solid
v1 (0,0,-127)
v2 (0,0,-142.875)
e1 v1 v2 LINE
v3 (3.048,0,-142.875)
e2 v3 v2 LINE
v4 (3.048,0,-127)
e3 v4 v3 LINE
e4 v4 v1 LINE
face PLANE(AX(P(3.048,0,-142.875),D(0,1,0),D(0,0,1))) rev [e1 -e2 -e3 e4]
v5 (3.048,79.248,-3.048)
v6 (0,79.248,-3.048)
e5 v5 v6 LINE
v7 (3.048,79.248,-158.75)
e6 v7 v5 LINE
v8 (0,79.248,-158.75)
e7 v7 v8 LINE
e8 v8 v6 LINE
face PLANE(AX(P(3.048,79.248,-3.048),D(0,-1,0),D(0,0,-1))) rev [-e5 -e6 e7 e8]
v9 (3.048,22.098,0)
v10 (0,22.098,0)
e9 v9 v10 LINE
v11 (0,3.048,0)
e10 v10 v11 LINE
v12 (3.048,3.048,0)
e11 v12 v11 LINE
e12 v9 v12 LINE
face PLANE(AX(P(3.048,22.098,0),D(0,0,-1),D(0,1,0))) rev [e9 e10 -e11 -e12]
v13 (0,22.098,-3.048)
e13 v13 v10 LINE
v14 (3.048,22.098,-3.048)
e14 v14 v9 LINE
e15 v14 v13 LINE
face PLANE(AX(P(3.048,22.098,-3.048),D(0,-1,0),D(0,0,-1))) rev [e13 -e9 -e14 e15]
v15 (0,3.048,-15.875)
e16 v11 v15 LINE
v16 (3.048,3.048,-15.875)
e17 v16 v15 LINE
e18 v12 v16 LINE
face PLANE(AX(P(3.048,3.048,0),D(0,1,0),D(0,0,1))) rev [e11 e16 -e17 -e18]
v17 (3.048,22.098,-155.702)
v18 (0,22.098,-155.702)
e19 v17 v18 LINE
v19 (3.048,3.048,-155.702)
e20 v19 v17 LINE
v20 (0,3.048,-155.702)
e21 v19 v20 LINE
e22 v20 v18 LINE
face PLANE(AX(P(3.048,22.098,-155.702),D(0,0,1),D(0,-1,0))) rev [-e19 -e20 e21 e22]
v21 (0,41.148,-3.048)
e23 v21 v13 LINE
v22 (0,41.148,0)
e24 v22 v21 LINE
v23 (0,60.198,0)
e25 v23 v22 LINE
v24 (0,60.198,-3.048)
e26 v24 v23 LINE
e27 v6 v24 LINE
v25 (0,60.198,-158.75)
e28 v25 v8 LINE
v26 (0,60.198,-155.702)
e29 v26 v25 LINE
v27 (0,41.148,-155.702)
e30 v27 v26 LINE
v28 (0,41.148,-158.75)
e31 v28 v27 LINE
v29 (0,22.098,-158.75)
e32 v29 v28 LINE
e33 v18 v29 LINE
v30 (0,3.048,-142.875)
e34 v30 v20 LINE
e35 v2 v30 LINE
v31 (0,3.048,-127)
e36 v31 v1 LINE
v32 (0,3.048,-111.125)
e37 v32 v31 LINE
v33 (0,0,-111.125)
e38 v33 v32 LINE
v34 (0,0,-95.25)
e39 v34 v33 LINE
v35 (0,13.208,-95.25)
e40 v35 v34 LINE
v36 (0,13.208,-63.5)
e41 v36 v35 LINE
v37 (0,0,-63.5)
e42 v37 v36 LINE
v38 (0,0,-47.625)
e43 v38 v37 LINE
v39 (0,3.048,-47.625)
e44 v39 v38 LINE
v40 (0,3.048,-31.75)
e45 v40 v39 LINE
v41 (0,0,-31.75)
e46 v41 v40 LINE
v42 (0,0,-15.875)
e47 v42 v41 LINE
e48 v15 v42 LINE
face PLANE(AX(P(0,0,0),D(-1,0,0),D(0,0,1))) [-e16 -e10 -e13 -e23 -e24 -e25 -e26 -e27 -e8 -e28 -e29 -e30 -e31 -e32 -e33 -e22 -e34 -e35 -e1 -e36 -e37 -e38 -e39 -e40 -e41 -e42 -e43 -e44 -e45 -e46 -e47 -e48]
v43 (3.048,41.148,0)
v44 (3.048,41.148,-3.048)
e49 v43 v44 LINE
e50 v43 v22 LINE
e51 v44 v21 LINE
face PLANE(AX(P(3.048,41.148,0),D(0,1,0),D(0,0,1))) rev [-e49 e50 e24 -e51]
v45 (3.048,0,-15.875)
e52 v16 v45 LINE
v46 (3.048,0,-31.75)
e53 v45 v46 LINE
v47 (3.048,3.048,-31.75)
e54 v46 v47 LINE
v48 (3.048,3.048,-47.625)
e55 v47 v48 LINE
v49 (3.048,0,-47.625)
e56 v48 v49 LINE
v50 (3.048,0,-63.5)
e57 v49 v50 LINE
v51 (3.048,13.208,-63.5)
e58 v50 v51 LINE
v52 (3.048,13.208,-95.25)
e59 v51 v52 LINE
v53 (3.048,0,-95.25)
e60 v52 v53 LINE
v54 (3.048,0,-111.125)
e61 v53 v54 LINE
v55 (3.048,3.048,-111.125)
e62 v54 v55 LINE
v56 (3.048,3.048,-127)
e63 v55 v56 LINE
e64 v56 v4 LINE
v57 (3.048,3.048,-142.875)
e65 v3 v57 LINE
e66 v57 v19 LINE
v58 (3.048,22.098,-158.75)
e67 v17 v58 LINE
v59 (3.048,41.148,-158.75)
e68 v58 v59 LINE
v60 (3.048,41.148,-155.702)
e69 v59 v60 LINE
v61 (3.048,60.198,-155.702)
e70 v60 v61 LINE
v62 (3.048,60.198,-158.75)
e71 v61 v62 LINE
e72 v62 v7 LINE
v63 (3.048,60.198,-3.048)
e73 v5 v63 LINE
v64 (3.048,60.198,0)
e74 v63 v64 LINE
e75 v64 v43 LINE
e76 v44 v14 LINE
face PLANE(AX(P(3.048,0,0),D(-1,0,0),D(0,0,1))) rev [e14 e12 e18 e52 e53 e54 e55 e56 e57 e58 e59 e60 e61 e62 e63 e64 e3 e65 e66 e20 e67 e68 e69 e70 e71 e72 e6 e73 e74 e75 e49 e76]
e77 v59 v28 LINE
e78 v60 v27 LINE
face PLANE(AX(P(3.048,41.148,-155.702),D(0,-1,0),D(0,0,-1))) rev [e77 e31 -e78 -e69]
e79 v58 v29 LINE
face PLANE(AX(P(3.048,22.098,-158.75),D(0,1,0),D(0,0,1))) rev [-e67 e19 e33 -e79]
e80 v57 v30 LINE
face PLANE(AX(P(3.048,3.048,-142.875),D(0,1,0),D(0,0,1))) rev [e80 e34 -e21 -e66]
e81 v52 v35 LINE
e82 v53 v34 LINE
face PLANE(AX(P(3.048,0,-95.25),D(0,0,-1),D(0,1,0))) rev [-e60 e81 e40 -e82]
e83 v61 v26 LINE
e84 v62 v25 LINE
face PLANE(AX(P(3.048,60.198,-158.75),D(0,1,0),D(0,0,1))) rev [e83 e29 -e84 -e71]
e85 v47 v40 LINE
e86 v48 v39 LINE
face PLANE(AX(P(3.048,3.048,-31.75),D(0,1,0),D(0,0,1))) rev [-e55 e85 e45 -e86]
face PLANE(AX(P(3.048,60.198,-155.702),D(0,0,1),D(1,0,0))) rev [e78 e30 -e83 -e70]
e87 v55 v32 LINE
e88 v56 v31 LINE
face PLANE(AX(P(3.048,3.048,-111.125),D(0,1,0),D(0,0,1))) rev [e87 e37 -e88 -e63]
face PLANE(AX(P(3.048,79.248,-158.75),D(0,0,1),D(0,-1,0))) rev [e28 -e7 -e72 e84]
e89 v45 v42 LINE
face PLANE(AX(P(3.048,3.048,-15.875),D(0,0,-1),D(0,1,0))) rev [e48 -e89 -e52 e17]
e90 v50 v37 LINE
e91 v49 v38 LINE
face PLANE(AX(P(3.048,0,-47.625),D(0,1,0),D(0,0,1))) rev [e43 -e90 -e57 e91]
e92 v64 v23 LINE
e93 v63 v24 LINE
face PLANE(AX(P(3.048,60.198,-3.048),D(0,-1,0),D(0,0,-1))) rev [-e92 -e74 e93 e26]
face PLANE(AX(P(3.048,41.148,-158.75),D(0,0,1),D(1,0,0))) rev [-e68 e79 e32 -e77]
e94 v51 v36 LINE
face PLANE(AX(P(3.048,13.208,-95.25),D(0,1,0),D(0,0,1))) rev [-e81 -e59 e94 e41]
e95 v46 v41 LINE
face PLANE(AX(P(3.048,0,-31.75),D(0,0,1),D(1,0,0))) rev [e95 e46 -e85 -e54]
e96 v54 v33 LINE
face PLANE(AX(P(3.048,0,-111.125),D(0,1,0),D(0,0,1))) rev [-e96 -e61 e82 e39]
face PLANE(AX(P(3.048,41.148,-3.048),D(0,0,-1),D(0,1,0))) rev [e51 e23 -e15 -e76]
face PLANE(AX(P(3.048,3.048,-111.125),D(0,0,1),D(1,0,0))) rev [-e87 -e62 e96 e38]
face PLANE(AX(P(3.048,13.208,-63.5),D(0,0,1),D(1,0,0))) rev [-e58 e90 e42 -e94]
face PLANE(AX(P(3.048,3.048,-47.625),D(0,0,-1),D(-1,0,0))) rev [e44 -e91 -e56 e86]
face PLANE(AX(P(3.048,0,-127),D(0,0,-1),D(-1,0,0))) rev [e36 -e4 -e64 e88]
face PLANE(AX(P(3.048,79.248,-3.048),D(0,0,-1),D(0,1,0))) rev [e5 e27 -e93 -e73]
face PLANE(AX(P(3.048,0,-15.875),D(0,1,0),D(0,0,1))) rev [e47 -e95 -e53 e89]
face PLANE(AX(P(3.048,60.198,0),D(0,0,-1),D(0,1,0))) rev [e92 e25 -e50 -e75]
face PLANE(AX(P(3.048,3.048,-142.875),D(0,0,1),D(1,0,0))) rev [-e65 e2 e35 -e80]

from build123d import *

# Parameters (mm, degrees)
BOSS_EXTRUDE1_DEPTH = 3.048


with BuildPart() as part:
    # Sketch2 → Boss-Extrude1 (new body)
    with BuildSketch(Plane(origin=(0, 0, 0), x_dir=(0, 0, -1), z_dir=(1, 0, 0))):
        Polygon((15.875, 3.048), (15.875, 0), (31.75, 0), (31.75, 3.048), (47.625, 3.048), (47.625, 0), (63.5, 0), (63.5, 3.048), (63.5, 13.208), (95.25, 13.208), (95.25, 3.048), (95.25, 0), (111.125, 0), (111.125, 3.048), (127, 3.048), (127, 0), (142.875, 0), (142.875, 3.048), (155.702, 3.048), (155.702, 22.098), (158.75, 22.098), (158.75, 41.148), (155.702, 41.148), (155.702, 60.198), (158.75, 60.198), (158.75, 79.248), (3.048, 79.248), (3.048, 60.198), (0, 60.198), (0, 41.148), (3.048, 41.148), (3.048, 22.098), (0, 22.098), (0, 3.048), align=None)
    extrude(amount=BOSS_EXTRUDE1_DEPTH)


solid = part.part
